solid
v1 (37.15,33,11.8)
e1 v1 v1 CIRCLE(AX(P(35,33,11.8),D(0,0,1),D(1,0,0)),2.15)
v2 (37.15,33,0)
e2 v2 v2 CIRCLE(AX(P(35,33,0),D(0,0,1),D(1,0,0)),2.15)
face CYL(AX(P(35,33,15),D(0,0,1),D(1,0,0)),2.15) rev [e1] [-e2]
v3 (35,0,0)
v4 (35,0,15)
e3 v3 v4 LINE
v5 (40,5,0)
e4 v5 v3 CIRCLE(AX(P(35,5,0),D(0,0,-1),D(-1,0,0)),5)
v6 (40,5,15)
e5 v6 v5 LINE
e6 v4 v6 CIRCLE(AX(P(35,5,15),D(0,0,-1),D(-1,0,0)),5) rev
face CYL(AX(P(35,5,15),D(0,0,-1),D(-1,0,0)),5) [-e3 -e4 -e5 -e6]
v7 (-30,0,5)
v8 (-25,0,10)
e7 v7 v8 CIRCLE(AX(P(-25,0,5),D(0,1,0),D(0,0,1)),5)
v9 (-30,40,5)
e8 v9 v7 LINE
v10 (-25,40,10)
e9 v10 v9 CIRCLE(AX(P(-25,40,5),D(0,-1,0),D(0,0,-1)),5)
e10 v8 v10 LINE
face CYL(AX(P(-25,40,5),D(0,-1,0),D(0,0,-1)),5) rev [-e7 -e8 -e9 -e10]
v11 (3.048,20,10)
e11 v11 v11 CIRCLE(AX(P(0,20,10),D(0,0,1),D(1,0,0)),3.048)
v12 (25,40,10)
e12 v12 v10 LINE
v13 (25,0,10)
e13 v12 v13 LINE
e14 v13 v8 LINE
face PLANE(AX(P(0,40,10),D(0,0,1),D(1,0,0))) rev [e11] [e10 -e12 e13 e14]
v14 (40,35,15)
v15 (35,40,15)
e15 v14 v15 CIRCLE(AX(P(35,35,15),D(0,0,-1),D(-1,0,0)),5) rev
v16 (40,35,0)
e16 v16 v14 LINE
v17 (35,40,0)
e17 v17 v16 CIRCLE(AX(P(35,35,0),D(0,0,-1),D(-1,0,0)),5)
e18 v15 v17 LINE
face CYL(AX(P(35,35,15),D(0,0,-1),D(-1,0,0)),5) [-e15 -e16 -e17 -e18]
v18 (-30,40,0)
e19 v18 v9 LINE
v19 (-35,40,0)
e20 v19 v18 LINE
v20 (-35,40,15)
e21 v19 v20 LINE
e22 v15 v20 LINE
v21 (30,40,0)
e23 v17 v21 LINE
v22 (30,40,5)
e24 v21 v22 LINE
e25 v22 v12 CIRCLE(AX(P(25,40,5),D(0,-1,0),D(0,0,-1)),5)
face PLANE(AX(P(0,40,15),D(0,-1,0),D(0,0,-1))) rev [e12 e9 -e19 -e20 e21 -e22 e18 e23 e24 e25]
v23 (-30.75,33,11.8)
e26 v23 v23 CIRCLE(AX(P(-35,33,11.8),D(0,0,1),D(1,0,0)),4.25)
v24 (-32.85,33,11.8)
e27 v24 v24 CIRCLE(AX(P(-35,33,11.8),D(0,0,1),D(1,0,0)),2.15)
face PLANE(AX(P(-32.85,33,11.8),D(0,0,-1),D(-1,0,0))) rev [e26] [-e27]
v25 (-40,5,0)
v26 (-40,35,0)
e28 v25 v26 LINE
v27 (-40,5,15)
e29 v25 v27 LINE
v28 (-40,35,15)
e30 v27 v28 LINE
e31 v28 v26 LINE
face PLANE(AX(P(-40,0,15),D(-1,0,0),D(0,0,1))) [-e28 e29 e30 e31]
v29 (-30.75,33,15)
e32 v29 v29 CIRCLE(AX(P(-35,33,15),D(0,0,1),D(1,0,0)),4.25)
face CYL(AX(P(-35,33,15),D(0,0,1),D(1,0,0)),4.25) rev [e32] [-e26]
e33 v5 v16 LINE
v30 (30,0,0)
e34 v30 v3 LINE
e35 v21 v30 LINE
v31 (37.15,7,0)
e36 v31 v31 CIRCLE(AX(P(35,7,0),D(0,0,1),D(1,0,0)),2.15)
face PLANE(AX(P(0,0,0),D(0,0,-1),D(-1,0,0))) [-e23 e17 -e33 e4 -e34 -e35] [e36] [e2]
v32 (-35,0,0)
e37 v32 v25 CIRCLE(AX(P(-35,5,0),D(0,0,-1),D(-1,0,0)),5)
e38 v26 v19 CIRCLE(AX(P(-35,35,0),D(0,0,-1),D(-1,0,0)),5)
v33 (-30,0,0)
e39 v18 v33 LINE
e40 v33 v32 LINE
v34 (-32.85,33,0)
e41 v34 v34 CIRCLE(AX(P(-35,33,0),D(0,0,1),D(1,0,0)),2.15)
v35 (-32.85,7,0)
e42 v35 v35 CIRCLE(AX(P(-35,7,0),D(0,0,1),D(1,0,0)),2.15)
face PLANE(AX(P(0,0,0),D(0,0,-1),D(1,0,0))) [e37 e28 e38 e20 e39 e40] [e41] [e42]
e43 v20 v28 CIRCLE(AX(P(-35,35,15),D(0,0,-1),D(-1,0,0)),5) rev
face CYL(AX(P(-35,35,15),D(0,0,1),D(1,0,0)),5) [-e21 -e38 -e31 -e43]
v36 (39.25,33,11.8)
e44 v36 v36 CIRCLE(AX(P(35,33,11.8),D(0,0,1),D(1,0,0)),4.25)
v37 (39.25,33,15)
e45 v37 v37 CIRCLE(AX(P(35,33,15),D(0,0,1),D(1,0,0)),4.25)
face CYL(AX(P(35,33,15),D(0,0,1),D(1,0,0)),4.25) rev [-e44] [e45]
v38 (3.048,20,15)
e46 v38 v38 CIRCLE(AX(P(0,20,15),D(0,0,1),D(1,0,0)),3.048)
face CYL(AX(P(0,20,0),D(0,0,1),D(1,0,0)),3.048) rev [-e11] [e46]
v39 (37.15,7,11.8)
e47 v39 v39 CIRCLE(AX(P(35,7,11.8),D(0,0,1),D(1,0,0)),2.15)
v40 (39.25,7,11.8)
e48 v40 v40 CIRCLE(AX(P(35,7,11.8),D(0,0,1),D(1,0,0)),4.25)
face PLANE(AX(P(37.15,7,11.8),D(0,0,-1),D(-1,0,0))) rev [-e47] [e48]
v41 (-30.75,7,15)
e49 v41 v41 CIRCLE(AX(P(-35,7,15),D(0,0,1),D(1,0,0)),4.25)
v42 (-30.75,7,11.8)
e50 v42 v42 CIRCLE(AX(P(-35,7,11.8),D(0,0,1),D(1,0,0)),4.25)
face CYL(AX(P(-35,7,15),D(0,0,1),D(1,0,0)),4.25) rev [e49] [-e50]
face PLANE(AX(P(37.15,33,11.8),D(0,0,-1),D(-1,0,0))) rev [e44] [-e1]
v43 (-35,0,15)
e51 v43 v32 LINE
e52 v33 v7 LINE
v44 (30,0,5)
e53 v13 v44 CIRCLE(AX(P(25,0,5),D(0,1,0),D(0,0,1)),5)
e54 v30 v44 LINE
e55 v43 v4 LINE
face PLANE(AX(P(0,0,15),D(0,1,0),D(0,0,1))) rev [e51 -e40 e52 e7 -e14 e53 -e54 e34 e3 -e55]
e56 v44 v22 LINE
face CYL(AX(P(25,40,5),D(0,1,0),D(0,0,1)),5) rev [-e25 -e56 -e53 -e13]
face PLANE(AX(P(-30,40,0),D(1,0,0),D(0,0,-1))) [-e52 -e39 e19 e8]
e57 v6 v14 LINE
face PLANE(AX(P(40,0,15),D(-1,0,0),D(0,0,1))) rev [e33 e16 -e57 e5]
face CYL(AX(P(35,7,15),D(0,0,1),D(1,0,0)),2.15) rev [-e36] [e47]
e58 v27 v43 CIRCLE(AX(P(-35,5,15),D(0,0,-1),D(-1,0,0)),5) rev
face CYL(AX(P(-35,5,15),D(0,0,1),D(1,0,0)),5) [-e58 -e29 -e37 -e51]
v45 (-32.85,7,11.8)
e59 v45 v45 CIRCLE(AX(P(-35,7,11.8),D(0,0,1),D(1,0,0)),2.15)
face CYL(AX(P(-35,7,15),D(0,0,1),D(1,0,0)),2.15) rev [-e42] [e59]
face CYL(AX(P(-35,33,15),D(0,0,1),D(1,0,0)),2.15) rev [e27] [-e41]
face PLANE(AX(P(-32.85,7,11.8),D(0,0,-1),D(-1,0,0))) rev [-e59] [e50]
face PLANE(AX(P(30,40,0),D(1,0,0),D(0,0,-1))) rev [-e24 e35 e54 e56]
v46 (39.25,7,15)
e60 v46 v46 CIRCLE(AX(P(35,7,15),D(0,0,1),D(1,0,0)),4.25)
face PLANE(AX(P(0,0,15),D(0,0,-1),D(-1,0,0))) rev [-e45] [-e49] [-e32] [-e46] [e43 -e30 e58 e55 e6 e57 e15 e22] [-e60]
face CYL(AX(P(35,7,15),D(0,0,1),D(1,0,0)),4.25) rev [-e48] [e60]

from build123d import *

# Parameters (mm, degrees)
SKETCH1_W                                        = 40
SKETCH1_H                                        = 40
BOSS_EXTRUDE1_DEPTH                              = 15
SKETCH2_W                                        = 30
SKETCH2_H                                        = 10
CUT_EXTRUDE1_DEPTH                               = 59.523499554
FILLET1_R                                        = 5
FILLET2_R                                        = 5
CBORE_FOR_M4_PAN_HEAD_MACHINE_SCREW1_D           = 4.3
CBORE_FOR_M4_PAN_HEAD_MACHINE_SCREW1_CBORE_D     = 8.5
CBORE_FOR_M4_PAN_HEAD_MACHINE_SCREW1_CBORE_DEPTH = 3.2
FILLET1_OF_MIRROR1_R                             = 5
FILLET2_OF_MIRROR1_R                             = 5
SKETCH4_R                                        = 3.048
CUT_EXTRUDE2_DEPTH                               = 59.523499554


with BuildPart() as part:
    # Sketch1 → Boss-Extrude1 (new body)
    with BuildSketch(Plane.XY):
        with Locations((20, 20)):
            Rectangle(SKETCH1_W, SKETCH1_H)
    boss_extrude1 = extrude(amount=BOSS_EXTRUDE1_DEPTH)

    # Sketch2 → Cut-Extrude1 (cut, through all)
    with BuildSketch(Plane.XZ):
        with Locations((15, 5)):
            Rectangle(SKETCH2_W, SKETCH2_H)
    cut_extrude1 = extrude(amount=-CUT_EXTRUDE1_DEPTH, mode=Mode.SUBTRACT)

    # Fillet1
    fillet1_edges = [part.edges().sort_by_distance(p)[0] for p in [
        (30, 20, 10),
    ]]
    fillet(fillet1_edges, radius=FILLET1_R)

    # Fillet2
    fillet2_edges = [part.edges().sort_by_distance(p)[0] for p in [
        (40, 40, 7.5),
        (40, 0, 7.5),
    ]]
    fillet(fillet2_edges, radius=FILLET2_R)

    # CBORE for M4 Pan Head Machine Screw1 (through all)
    with Locations(Plane(origin=(35, 33, 15), x_dir=(1, 0, 0), z_dir=(0, 0, 1))):
        with Locations((0, 0), (0, -26)):
            cbore_for_m4_pan_head_machine_screw1 = CounterBoreHole(CBORE_FOR_M4_PAN_HEAD_MACHINE_SCREW1_D / 2, CBORE_FOR_M4_PAN_HEAD_MACHINE_SCREW1_CBORE_D / 2, CBORE_FOR_M4_PAN_HEAD_MACHINE_SCREW1_CBORE_DEPTH)

    # Mirror1: Boss-Extrude1, Cut-Extrude1, CBORE for M4 Pan Head Machine Screw1 across plane
    add(boss_extrude1.mirror(Plane(origin=(0, 0, 15), x_dir=(0, 0, 1), z_dir=(1, 0, 0))))
    add(cut_extrude1.mirror(Plane(origin=(0, 0, 15), x_dir=(0, 0, 1), z_dir=(1, 0, 0))), mode=Mode.SUBTRACT)
    add(cbore_for_m4_pan_head_machine_screw1.mirror(Plane(origin=(0, 0, 15), x_dir=(0, 0, 1), z_dir=(1, 0, 0))), mode=Mode.SUBTRACT)

    # Fillet1 of Mirror1
    fillet1_of_mirror1_edges = [part.edges().sort_by_distance(p)[0] for p in [
        (-30, 20, 10),
    ]]
    fillet(fillet1_of_mirror1_edges, radius=FILLET1_OF_MIRROR1_R)

    # Fillet2 of Mirror1
    fillet2_of_mirror1_edges = [part.edges().sort_by_distance(p)[0] for p in [
        (-40, 40, 7.5),
        (-40, 0, 7.5),
    ]]
    fillet(fillet2_of_mirror1_edges, radius=FILLET2_OF_MIRROR1_R)

    # Sketch4 → Cut-Extrude2 (cut, through all)
    with BuildSketch(Plane.XY.offset(15)):
        with Locations((0, 20)):
            Circle(SKETCH4_R)
    extrude(amount=-CUT_EXTRUDE2_DEPTH, mode=Mode.SUBTRACT)


solid = part.part
